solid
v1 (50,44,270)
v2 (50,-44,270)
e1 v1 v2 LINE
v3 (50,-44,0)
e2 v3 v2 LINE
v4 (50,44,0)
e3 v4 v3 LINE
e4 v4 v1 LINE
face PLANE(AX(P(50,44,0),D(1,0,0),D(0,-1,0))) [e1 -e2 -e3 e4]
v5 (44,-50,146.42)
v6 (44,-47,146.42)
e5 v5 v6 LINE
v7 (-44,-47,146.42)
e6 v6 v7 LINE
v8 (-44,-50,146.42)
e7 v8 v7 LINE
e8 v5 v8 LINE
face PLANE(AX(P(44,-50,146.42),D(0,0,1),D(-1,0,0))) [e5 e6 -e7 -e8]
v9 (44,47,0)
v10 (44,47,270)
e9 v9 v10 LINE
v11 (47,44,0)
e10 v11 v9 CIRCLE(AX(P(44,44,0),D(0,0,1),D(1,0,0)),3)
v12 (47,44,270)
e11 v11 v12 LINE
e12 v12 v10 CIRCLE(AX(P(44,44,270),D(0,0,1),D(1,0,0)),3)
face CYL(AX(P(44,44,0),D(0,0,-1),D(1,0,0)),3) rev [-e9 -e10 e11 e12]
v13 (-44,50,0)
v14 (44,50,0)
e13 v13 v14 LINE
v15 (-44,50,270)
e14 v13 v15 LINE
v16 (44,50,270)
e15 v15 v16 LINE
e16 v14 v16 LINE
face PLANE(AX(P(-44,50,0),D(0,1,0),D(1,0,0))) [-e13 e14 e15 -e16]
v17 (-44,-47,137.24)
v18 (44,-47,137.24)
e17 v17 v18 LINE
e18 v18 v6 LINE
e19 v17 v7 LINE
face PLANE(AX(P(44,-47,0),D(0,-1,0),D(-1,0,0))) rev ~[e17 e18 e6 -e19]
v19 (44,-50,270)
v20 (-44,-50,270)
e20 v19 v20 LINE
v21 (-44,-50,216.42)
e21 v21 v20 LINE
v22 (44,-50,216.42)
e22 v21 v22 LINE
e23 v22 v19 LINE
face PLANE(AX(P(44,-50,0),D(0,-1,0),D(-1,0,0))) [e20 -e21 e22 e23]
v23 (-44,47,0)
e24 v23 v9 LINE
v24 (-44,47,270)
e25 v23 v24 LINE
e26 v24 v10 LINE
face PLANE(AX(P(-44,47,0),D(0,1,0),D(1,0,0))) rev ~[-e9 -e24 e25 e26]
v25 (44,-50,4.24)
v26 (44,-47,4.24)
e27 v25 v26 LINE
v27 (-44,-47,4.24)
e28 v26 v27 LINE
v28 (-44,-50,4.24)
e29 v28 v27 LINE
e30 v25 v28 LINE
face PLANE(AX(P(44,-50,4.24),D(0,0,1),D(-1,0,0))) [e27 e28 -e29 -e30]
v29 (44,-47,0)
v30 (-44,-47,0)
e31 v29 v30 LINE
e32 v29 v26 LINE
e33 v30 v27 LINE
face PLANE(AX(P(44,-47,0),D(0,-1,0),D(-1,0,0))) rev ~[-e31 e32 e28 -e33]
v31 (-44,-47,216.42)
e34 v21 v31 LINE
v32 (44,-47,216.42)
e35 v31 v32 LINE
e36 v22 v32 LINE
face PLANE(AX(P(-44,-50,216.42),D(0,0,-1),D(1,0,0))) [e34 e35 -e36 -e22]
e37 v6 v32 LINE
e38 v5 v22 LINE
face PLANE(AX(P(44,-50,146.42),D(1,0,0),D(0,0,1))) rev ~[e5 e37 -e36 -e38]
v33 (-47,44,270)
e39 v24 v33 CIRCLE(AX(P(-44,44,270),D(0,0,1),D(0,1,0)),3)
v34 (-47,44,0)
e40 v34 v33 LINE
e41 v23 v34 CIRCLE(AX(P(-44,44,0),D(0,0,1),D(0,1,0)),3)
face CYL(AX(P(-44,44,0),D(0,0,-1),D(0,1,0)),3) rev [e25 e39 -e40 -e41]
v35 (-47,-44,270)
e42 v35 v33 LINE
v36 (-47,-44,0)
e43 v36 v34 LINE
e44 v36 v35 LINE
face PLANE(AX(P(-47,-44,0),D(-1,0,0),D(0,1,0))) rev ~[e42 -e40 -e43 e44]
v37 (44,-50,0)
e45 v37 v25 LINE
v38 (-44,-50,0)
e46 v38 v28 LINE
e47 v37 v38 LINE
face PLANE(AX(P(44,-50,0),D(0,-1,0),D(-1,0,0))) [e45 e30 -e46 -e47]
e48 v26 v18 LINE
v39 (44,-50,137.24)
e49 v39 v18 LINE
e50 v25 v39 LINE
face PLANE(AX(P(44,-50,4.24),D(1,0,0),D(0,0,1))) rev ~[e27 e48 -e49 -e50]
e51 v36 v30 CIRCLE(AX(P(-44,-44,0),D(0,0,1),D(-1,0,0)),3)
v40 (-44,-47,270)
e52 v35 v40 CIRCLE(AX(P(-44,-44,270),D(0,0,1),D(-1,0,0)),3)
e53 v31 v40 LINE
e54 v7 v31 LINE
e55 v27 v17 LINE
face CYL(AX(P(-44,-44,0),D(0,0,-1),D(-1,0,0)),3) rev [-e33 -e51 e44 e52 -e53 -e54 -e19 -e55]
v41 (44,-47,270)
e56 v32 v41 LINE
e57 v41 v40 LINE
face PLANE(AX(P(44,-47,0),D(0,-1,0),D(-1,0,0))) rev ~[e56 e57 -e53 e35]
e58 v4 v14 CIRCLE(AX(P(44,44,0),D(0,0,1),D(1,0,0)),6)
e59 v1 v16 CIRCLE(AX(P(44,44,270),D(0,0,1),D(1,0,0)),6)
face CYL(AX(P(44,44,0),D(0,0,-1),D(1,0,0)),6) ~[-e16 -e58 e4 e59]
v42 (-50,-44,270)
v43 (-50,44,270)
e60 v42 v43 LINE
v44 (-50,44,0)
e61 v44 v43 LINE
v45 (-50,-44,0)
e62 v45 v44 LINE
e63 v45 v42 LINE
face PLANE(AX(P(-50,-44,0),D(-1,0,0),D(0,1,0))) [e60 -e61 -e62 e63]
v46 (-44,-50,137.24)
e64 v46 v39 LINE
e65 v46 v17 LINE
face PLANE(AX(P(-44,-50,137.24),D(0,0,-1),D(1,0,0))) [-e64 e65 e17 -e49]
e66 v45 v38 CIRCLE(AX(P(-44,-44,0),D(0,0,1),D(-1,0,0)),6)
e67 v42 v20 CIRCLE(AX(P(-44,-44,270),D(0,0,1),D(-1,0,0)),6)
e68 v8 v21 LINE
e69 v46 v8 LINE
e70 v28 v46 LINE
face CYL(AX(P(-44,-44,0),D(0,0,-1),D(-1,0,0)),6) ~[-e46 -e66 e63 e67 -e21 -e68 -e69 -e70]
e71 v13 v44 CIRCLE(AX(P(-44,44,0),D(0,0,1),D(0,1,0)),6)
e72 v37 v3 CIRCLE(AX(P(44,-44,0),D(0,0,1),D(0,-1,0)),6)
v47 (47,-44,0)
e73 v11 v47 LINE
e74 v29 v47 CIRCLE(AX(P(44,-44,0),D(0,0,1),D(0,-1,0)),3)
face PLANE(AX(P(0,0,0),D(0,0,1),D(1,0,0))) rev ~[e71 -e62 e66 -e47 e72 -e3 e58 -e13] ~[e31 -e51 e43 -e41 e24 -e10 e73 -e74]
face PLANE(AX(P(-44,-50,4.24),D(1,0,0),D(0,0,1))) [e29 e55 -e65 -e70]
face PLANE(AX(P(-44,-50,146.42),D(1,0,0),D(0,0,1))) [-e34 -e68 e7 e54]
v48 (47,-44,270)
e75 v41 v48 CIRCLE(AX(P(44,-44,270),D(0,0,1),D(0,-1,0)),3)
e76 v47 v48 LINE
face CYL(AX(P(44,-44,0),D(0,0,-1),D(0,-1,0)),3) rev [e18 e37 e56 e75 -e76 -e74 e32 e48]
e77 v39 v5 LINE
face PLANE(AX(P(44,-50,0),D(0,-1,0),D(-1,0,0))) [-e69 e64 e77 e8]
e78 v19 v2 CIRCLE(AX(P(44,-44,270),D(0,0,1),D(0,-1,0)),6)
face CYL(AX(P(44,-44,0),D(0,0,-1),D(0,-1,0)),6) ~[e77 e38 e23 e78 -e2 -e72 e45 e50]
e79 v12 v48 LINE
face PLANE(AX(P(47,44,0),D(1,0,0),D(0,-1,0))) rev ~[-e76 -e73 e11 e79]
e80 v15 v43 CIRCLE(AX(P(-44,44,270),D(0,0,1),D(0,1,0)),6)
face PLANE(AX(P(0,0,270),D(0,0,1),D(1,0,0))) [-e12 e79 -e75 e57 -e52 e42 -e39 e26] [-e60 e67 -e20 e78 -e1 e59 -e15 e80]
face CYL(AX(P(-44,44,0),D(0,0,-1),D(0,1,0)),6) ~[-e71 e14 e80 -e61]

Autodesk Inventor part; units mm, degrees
ref_plane "YZ Plane" through (0, 0, 0) normal (1, 0, 0) x (0, 1, 0)
ref_plane "Start Plane" through (0, 0, 0) normal (0, 0, 1) x (1, 0, 0)
ref_plane "End Plane" through (0, 0, 270) normal (0, 0, 1) x (1, 0, 0)
sketch "Sketch" plane through (0, 0, 0) normal (0, 0, 1) x (1, 0, 0)
  line L0 (-50, -44) -> (-50, 44)
  line L1 (-44, 50) -> (44, 50)
  line L2 (50, 44) -> (50, -44)
  line L3 (44, -50) -> (-44, -50)
  arc A0 (-50, -44) -> (-44, -50) centre (-44, -44) ccw
  arc A1 (50, 44) -> (44, 50) centre (44, 44) ccw
  arc A2 (-44, 50) -> (-50, 44) centre (-44, 44) ccw
  arc A3 (44, -50) -> (50, -44) centre (44, -44) ccw
  arc A4 (-44, 47) -> (-47, 44) centre (-44, 44) ccw
  line L4 (-44, 47) -> (44, 47)
  arc A5 (47, 44) -> (44, 47) centre (44, 44) ccw
  line L5 (47, 44) -> (47, -44)
  arc A6 (44, -47) -> (47, -44) centre (44, -44) ccw
  line L6 (44, -47) -> (-44, -47)
  arc A7 (-47, -44) -> (-44, -47) centre (-44, -44) ccw
  line L7 (-47, -44) -> (-47, 44)
  line L8 (0, 71.7397) -> (0, -71.7397) construction
  line L9 (-71.7397, 0) -> (71.7397, 0) construction
  dimension "d7" = 6
  dimension "d9" = 100
  dimension "d11" = 100
  dimension "d12" = 3
  dimension "d15" = 50
  dimension "d16" = 50
extrude "Body" add sketch "Sketch" along normal up to surface (270 mm away) from surface at 0
sketch "Sketch3" plane through (0, 0, 0) normal (0, 0, 1) x (1, 0, 0)
  line L0 (0, 0) -> (10, 0)
ref_plane "Work Plane3" through (0, 0, 0) normal (0, -1, 0) x (1, 0, 0)
sketch "Sketch5" plane through (44, 50, 270) normal (0, 1, 0) x (1, 0, 0)
  point P0 (-44, 270)
sketch "Sketch6" plane through (-44, -50, 0) normal (0, -1, 0) x (1, 0, 0)
  line L0 (88, 0) -> (88, 270) projected
  line L1 (0, 0) -> (0, 270) projected
  line L2 (88, 0) -> (0, 0)
  line L3 (0, 0) -> (0, 141.42)
  line L4 (0, 141.42) -> (88, 141.42)
  line L5 (88, 141.42) -> (88, 0)
  line L6 (88, 4.24) -> (0, 4.24)
  line L7 (0, 4.24) -> (0, 137.24)
  line L8 (0, 137.24) -> (88, 137.24)
  line L9 (88, 137.24) -> (88, 4.24)
  line L10 (88, 146.42) -> (0, 146.42)
  line L11 (0, 146.42) -> (0, 216.42)
  line L12 (0, 216.42) -> (88, 216.42)
  line L13 (88, 216.42) -> (88, 146.42)
  point P0 (44, 0)
  point P1 (44, 141.42)
  point P2 (0, 146.42)
  point P3 (0, 4.24)
  dimension "d19" = 4.24
  dimension "d20" = 141.42
  dimension "d21" = 133
  dimension "d22" = 70
  dimension "d23" = 5
extrude "Extrusion2" cut sketch "Sketch6" against normal blind 3 contours L6 L1 L8 L0 | L10 L1 L12 L0
sketch "Sketch4" plane through (0, 0, 0) normal (0, -1, 0) x (1, 0, 0)
  line L0 (-2, 0) -> (12, 0) projected
  line L1 (-2, 270) -> (12, 270) projected
  dimension "d18" = 270
equation "\"d7\" = G_IR"
equation "\"d9\" = G_W"
equation "\"d11\" = G_H"
equation "\"d12\" = G_T"
equation "\"d15\" = 0.5 * d9"
equation "\"d16\" = 0.5 * d11"
equation "\"d3\" = G_L"
equation "\"G_W\" = 100"
equation "\"G_H\" = 100"
equation "\"G_T\" = 3"
equation "\"G_IR\" = 6"
equation "\"G_L\" = d18"
equation "\"G_OFFSET_START\" = 0"
equation "\"G_OFFSET_END\" = 0"
properties part number "ISO 10799-2 - 100x100x3 - 270" material "Steel, Mild"
